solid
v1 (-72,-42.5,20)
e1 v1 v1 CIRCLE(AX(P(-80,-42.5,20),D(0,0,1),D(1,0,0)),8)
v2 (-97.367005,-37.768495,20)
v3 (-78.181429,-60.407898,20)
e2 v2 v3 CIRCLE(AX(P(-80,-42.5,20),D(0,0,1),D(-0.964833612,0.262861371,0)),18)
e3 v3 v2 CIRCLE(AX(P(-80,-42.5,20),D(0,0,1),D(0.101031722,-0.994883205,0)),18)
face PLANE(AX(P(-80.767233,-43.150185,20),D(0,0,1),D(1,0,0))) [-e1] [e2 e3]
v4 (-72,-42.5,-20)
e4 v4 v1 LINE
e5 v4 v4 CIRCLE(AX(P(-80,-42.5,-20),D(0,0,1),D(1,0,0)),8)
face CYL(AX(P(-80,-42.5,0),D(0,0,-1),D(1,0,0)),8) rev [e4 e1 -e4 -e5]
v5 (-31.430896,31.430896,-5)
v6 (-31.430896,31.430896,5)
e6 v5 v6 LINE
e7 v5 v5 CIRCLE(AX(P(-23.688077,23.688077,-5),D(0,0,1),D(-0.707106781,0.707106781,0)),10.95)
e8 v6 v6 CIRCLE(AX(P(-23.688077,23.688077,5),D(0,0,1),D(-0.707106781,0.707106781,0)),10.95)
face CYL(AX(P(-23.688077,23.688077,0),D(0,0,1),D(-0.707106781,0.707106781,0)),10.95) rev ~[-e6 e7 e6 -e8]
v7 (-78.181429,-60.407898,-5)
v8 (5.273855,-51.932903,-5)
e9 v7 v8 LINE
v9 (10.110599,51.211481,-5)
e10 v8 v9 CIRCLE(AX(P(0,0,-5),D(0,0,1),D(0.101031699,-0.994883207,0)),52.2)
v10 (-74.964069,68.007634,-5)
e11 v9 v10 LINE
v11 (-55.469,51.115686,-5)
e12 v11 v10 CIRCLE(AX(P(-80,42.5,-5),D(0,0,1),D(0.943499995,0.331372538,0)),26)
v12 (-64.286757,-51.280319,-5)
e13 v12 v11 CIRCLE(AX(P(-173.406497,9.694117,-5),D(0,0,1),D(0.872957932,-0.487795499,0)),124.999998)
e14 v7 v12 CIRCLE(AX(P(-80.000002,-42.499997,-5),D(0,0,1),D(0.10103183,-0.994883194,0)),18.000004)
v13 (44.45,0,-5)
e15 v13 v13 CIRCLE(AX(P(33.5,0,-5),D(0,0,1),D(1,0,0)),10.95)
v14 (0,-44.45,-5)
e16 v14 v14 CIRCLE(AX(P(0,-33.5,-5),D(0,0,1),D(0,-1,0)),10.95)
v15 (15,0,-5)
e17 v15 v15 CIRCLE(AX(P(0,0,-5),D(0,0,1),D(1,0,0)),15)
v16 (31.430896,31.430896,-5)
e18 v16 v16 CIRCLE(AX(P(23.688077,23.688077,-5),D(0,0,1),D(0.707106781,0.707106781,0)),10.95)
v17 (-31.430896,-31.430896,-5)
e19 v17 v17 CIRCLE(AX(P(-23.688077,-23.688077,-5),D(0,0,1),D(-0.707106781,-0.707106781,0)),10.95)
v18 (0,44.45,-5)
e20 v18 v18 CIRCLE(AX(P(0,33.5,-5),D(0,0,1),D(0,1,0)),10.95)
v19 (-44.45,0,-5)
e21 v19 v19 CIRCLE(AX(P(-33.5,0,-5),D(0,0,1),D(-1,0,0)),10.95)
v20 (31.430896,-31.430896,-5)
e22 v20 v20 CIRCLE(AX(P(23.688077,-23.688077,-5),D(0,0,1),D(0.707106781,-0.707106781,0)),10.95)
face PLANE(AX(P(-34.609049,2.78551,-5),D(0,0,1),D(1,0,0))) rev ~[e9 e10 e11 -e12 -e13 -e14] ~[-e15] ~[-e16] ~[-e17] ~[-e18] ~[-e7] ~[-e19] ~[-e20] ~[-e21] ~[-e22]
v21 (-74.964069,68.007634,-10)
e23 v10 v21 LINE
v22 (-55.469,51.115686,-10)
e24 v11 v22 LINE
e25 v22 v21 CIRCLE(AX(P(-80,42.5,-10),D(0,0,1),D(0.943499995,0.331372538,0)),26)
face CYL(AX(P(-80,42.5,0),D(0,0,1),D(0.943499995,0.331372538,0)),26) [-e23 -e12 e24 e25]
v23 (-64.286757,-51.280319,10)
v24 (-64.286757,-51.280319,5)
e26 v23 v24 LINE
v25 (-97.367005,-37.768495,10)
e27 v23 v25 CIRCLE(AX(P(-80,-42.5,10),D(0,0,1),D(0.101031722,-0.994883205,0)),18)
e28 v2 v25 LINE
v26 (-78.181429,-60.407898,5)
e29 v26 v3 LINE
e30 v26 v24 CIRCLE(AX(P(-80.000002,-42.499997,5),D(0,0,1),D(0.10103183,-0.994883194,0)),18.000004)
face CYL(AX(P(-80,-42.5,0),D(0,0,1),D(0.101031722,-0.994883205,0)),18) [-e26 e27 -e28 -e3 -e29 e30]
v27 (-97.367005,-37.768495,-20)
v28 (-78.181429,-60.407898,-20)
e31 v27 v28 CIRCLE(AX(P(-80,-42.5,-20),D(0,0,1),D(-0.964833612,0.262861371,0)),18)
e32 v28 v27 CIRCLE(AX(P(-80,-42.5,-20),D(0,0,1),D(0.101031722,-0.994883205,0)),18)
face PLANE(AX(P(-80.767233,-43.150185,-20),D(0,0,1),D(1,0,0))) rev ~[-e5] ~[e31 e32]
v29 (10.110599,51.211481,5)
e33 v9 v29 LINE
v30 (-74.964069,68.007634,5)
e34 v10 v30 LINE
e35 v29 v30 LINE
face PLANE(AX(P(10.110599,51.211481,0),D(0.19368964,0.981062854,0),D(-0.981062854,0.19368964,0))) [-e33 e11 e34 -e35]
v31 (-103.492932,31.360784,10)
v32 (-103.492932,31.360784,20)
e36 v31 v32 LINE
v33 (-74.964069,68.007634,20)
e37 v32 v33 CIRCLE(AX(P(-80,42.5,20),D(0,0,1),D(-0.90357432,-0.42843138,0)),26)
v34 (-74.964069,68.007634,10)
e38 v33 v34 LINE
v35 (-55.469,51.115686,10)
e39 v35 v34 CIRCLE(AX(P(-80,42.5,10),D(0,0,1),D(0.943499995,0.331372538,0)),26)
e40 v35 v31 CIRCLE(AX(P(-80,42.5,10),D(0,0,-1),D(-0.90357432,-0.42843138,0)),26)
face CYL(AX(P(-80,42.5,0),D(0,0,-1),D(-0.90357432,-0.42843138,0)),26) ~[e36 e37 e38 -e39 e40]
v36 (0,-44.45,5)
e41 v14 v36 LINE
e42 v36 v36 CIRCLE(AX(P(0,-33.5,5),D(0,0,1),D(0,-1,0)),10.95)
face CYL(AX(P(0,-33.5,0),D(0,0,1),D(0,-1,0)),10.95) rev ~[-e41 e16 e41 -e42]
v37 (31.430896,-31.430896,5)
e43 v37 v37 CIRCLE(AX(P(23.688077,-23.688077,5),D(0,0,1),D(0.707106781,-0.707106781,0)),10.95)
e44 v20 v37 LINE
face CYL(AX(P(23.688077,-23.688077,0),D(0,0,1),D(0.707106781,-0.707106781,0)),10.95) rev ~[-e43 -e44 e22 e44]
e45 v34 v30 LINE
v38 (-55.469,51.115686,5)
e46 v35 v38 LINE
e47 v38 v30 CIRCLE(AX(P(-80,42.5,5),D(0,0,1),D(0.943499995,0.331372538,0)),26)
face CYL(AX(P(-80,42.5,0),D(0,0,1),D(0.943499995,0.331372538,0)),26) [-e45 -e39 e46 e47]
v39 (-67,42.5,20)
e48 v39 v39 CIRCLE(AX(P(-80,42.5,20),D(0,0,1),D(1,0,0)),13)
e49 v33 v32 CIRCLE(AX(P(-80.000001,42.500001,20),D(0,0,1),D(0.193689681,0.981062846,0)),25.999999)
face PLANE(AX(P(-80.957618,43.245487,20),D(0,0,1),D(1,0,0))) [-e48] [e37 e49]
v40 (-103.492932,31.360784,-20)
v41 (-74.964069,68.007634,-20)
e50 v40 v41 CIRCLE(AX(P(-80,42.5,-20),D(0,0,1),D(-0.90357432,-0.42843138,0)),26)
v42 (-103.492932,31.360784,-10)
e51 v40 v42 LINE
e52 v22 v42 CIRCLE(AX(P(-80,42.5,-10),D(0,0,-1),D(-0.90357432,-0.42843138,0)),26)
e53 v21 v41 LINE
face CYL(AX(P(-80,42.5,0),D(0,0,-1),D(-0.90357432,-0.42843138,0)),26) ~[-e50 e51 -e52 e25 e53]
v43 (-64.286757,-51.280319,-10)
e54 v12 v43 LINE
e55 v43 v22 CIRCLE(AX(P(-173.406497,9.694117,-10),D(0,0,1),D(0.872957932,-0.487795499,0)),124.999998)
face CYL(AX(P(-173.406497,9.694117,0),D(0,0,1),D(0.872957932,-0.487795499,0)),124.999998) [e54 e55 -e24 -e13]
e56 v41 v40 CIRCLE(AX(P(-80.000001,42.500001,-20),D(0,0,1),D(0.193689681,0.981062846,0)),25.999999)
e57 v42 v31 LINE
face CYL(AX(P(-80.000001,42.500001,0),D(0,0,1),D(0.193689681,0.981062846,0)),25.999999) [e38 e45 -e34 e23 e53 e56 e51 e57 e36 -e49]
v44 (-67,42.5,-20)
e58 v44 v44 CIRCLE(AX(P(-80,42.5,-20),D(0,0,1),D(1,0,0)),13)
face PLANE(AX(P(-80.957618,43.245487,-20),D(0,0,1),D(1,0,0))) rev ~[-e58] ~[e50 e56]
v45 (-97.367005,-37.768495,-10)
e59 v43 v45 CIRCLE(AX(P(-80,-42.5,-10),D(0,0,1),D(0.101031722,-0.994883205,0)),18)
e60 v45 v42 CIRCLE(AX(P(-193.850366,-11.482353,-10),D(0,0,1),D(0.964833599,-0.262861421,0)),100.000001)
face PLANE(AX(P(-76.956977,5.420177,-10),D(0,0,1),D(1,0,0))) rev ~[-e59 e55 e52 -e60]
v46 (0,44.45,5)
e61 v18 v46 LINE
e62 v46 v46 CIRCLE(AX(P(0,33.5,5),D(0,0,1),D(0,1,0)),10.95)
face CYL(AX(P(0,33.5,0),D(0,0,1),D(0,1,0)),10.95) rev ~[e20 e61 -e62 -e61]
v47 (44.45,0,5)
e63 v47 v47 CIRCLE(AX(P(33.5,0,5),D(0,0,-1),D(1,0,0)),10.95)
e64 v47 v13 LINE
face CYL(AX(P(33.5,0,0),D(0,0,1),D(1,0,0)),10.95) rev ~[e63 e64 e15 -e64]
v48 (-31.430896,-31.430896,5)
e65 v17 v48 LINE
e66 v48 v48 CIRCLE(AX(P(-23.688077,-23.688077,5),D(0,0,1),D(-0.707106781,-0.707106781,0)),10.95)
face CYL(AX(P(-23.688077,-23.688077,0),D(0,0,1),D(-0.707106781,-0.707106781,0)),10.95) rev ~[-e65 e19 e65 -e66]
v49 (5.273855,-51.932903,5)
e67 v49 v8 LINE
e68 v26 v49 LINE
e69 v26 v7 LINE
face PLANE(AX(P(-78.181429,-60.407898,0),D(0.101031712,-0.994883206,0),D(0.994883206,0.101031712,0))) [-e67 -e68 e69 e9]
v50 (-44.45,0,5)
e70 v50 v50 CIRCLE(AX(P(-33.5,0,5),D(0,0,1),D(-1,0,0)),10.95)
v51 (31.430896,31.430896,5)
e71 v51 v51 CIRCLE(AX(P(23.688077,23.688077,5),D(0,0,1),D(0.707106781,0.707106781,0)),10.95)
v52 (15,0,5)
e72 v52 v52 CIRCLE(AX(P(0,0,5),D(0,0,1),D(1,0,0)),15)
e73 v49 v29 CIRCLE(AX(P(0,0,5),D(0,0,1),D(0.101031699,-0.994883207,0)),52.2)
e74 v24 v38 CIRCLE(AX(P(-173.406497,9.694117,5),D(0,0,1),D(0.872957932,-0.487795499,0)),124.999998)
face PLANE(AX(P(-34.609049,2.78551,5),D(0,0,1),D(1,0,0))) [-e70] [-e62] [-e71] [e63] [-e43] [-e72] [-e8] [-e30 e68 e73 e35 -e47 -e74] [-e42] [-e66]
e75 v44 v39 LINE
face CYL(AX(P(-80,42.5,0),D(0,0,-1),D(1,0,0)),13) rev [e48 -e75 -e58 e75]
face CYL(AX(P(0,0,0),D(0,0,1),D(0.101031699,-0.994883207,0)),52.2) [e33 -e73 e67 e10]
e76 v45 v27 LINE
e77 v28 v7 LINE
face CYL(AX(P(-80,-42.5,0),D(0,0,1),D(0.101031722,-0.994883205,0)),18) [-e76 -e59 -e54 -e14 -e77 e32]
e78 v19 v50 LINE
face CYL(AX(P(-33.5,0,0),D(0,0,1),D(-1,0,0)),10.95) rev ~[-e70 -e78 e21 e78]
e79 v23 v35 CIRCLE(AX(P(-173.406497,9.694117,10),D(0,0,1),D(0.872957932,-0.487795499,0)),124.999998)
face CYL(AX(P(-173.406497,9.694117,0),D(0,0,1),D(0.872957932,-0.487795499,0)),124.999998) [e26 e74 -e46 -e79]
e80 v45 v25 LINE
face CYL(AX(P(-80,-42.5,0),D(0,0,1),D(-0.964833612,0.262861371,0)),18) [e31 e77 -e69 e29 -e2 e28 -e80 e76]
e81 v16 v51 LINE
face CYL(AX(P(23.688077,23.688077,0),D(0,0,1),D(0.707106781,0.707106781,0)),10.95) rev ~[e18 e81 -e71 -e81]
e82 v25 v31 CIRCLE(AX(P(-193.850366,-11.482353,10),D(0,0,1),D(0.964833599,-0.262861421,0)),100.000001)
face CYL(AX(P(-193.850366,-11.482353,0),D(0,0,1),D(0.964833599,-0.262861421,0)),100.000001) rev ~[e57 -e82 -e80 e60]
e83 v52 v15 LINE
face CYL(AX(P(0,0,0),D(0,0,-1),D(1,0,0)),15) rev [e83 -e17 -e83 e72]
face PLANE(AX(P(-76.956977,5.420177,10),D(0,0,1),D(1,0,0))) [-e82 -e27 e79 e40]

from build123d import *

# Parameters (mm, degrees)
SKETCH_R           = 15
SKETCH_R_2         = 8
SKETCH_R_3         = 13
PAD_DEPTH          = 5
SKETCH001_R        = 10.95
POCKET_DEPTH       = 413.746593
POCKET_DEPTH_BACK  = 413.746593
POLARPATTERN_COUNT = 8
SKETCH002_R        = 8
SKETCH002_R_2      = 13
PAD001_DEPTH       = 10
SKETCH003_R        = 13
SKETCH003_R_2      = 8
PAD002_DEPTH       = 20


with BuildPart() as part:
    # Sketch → Pad (new body, symmetric)
    with BuildSketch(Plane.XY):
        with BuildLine():
            ThreePointArc((5.273855, -51.932903), (52.142702, -2.445125), (10.110599, 51.211481))
            Line((10.110599, 51.211481), (-74.964069, 68.007634))
            ThreePointArc((-74.964069, 68.007634), (-100.516168, 58.471439), (-103.492932, 31.360784))
            ThreePointArc((-97.367005, -37.768495), (-94.240703, -2.65539), (-103.492932, 31.360784))
            ThreePointArc((-97.367005, -37.768495), (-93.732228, -54.137264), (-78.181429, -60.407898))
            Line((-78.181429, -60.407898), (5.273855, -51.932903))
        make_face()
        Circle(SKETCH_R, mode=Mode.SUBTRACT)
        with Locations((-80, -42.5)):
            Circle(SKETCH_R_2, mode=Mode.SUBTRACT)
        with Locations((-80, 42.5)):
            Circle(SKETCH_R_3, mode=Mode.SUBTRACT)
    extrude(amount=PAD_DEPTH, both=True)

    # Sketch001 → Pocket (cut, two sides)
    with BuildSketch(Plane.XY) as pocket_sk:
        with Locations((33.5, 0)):
            Circle(SKETCH001_R)
    pocket = extrude(amount=-POCKET_DEPTH, mode=Mode.SUBTRACT) + extrude(pocket_sk.sketch, amount=POCKET_DEPTH_BACK, mode=Mode.SUBTRACT)

    # PolarPattern: Pocket ×8 about axis
    polarpattern_axis = Axis((0, 0, 0), (0, 0, 1))
    for i in range(1, POLARPATTERN_COUNT):
        add(pocket.rotate(polarpattern_axis, i * 360 / POLARPATTERN_COUNT), mode=Mode.SUBTRACT)

    # Sketch002 → Pad001 (join, symmetric)
    with BuildSketch(Plane.XY):
        with BuildLine():
            ThreePointArc((-74.964069, 68.007634), (-100.516168, 58.471439), (-103.492932, 31.360784))
            ThreePointArc((-97.367005, -37.768495), (-94.240703, -2.65539), (-103.492932, 31.360784))
            ThreePointArc((-97.367005, -37.768495), (-93.732228, -54.137264), (-78.181429, -60.407898))
            ThreePointArc((-78.181429, -60.407898), (-70.117222, -57.544291), (-64.286757, -51.280319))
            ThreePointArc((-64.286757, -51.280319), (-48.867416, -1.030474), (-55.469, 51.115686))
            ThreePointArc((-55.469, 51.115686), (-62.973981, 62.149801), (-74.964069, 68.007634))
        make_face()
        with Locations((-80, -42.5)):
            Circle(SKETCH002_R, mode=Mode.SUBTRACT)
        with Locations((-80, 42.5)):
            Circle(SKETCH002_R_2, mode=Mode.SUBTRACT)
    extrude(amount=PAD001_DEPTH, both=True)

    # Sketch003 → Pad002 (join, symmetric)
    with BuildSketch(Plane.XY):
        with BuildLine():
            ThreePointArc((-74.964069, 68.007634), (-100.516168, 58.471439), (-103.492932, 31.360784))
            ThreePointArc((-103.492932, 31.360784), (-59.483832, 26.528561), (-74.964069, 68.007634))
        make_face()
        with Locations((-80, 42.5)):
            Circle(SKETCH003_R, mode=Mode.SUBTRACT)
        with BuildLine():
            ThreePointArc((-97.367005, -37.768495), (-93.732228, -54.137264), (-78.181429, -60.407898))
            ThreePointArc((-78.181429, -60.407898), (-66.267772, -30.862736), (-97.367005, -37.768495))
        make_face()
        with Locations((-80, -42.5)):
            Circle(SKETCH003_R_2, mode=Mode.SUBTRACT)
    extrude(amount=PAD002_DEPTH, both=True)


solid = part.part
